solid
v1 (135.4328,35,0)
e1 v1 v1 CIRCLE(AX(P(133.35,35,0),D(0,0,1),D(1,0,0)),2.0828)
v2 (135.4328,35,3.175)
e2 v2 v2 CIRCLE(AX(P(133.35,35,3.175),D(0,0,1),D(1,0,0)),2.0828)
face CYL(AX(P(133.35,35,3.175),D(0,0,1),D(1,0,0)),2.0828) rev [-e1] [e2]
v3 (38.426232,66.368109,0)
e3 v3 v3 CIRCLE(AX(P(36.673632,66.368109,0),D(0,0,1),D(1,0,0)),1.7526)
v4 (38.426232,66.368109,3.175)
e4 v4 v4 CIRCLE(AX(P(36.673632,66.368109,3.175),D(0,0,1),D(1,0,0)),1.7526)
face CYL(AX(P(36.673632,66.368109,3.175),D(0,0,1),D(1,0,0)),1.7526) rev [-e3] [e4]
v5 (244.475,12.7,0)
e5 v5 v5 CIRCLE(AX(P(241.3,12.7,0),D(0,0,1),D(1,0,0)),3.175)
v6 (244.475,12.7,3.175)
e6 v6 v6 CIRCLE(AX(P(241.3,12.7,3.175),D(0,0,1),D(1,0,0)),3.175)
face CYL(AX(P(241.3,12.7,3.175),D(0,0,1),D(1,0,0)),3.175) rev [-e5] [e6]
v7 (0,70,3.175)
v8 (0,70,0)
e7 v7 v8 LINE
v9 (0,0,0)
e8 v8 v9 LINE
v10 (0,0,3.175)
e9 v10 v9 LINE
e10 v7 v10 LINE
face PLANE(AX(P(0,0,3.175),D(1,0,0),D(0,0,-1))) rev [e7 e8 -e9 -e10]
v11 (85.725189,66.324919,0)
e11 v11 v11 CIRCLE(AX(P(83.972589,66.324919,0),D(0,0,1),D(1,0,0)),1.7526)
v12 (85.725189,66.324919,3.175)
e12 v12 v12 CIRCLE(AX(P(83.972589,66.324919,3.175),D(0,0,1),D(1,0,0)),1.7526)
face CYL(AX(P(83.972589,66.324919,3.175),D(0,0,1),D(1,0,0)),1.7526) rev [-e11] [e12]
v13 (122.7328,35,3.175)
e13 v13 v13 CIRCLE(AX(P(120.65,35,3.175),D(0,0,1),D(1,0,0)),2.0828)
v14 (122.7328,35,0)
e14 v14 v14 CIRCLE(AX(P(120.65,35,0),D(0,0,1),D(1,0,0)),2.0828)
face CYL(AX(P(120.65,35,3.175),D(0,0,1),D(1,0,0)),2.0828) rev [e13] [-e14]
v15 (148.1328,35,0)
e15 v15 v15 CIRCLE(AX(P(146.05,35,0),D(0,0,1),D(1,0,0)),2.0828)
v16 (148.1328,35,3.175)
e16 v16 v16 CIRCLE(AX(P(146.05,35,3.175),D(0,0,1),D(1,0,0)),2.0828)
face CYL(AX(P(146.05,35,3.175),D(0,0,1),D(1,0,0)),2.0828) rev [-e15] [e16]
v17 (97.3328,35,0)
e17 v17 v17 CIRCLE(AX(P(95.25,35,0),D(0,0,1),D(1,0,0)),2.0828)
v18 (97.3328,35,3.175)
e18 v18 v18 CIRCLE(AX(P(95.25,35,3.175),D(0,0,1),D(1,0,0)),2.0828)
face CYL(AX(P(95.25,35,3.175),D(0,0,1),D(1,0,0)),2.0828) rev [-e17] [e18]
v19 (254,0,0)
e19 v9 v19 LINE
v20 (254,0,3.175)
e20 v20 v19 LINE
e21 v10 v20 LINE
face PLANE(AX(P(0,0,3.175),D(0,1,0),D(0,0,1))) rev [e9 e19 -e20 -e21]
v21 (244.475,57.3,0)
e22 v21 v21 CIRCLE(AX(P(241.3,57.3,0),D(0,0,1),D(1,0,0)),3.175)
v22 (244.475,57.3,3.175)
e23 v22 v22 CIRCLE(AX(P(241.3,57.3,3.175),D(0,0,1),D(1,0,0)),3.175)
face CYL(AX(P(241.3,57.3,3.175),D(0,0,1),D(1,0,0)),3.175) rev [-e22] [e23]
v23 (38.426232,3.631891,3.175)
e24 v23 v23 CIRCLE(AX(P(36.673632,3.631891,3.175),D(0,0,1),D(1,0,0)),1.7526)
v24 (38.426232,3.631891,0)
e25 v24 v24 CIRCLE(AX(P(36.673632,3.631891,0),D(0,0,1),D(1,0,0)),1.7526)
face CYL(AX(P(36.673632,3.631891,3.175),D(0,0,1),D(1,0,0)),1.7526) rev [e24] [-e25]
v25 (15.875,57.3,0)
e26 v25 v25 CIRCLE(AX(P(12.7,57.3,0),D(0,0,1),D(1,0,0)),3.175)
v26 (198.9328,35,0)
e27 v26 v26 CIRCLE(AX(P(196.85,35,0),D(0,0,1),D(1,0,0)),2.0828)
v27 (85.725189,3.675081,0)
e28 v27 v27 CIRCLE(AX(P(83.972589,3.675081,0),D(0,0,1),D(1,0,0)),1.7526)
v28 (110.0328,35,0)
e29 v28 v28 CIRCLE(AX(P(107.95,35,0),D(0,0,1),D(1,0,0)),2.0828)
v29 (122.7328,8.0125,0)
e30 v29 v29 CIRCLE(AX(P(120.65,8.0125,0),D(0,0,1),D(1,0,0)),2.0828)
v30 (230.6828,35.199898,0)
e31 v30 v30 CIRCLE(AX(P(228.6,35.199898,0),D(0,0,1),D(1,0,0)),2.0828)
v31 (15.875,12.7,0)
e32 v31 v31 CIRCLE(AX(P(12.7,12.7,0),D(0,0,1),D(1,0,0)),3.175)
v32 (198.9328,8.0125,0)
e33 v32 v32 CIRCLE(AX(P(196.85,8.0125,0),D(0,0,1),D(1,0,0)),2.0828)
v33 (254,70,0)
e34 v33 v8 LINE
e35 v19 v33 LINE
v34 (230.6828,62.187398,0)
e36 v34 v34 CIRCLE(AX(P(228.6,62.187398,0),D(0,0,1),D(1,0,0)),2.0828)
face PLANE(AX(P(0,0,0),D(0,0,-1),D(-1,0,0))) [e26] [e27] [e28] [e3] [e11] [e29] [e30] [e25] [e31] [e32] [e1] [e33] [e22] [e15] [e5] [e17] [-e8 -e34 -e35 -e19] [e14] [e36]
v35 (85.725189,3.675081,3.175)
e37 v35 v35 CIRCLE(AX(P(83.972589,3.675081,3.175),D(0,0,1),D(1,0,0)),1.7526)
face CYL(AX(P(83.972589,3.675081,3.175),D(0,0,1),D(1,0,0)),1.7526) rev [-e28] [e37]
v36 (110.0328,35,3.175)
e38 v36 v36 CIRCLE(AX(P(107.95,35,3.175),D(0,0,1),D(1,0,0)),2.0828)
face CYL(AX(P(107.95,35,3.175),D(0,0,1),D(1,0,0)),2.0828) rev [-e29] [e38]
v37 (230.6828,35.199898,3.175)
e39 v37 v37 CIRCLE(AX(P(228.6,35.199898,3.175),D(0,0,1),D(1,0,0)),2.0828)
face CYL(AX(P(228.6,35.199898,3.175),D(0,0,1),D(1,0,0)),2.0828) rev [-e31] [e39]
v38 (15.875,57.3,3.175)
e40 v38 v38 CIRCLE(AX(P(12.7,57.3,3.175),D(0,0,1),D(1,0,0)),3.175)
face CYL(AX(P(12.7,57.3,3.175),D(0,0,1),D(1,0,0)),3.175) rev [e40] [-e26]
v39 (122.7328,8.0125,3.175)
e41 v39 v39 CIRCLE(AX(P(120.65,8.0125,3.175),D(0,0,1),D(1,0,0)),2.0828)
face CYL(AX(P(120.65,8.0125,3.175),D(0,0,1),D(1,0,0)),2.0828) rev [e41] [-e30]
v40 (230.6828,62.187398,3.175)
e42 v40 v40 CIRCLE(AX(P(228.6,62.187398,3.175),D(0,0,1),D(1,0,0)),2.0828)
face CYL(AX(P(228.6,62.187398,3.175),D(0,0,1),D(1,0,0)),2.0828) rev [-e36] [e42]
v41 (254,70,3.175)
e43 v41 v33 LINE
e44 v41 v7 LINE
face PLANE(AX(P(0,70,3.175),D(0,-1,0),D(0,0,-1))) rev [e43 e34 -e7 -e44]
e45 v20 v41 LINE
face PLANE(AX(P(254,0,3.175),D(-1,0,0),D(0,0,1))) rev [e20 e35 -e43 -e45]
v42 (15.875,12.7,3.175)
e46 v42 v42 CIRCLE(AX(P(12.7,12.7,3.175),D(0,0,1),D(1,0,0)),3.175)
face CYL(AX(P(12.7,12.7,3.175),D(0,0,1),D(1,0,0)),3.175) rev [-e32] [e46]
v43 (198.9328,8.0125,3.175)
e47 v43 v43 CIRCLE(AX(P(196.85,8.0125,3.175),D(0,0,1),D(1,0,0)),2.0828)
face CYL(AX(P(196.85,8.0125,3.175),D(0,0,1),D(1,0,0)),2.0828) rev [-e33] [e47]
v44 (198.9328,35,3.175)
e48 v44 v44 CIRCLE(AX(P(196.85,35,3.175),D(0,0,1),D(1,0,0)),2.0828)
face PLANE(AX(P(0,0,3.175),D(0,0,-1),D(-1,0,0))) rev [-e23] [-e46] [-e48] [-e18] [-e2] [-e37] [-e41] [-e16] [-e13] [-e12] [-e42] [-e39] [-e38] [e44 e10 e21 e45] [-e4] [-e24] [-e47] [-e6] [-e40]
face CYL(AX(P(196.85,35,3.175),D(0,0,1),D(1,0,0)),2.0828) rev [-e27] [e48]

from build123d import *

# Parameters (mm, degrees)
SKETCH1_W               = 254
SKETCH1_H               = 70
BOSS_EXTRUDE1_DEPTH     = 3.175
F_8_32_TAPPED_HOLE1_D   = 4.1656
F_6_32_TAPPED_HOLE1_D   = 3.5052
F_1_4_20_TAPPED_HOLE1_D = 6.35
F_8_32_TAPPED_HOLE2_D   = 4.1656


with BuildPart() as part:
    # Sketch1 → Boss-Extrude1 (new body)
    with BuildSketch(Plane.XY):
        with Locations((127, 35)):
            Rectangle(SKETCH1_W, SKETCH1_H)
    extrude(amount=BOSS_EXTRUDE1_DEPTH)

    # #8-32 Tapped Hole1 (through all)
    with Locations(Plane.XY.offset(3.175)):
        with Locations((228.6, 62.187398), (196.85, 35), (95.25, 35), (120.65, 35), (146.05, 35), (133.35, 35), (107.95, 35)):
            Hole(F_8_32_TAPPED_HOLE1_D / 2)

    # #6-32 Tapped Hole1 (through all)
    with Locations(Plane.XY.offset(3.175)):
        with Locations((36.673632472, 66.368109228), (83.972588612, 66.324919192), (83.972588612, 3.675080808), (36.673632472, 3.631890772)):
            Hole(F_6_32_TAPPED_HOLE1_D / 2)

    # 1/4-20 Tapped Hole1 (through all)
    with Locations(Plane.XY.offset(3.175)):
        with Locations((12.7, 57.3), (241.3, 12.7), (241.3, 57.3), (12.7, 12.7)):
            Hole(F_1_4_20_TAPPED_HOLE1_D / 2)

    # #8-32 Tapped Hole2 (through all)
    with Locations(Plane.XY.offset(3.175)):
        with Locations((228.6, 35.199898), (196.85, 8.0125), (120.65, 8.0125)):
            Hole(F_8_32_TAPPED_HOLE2_D / 2)


solid = part.part
